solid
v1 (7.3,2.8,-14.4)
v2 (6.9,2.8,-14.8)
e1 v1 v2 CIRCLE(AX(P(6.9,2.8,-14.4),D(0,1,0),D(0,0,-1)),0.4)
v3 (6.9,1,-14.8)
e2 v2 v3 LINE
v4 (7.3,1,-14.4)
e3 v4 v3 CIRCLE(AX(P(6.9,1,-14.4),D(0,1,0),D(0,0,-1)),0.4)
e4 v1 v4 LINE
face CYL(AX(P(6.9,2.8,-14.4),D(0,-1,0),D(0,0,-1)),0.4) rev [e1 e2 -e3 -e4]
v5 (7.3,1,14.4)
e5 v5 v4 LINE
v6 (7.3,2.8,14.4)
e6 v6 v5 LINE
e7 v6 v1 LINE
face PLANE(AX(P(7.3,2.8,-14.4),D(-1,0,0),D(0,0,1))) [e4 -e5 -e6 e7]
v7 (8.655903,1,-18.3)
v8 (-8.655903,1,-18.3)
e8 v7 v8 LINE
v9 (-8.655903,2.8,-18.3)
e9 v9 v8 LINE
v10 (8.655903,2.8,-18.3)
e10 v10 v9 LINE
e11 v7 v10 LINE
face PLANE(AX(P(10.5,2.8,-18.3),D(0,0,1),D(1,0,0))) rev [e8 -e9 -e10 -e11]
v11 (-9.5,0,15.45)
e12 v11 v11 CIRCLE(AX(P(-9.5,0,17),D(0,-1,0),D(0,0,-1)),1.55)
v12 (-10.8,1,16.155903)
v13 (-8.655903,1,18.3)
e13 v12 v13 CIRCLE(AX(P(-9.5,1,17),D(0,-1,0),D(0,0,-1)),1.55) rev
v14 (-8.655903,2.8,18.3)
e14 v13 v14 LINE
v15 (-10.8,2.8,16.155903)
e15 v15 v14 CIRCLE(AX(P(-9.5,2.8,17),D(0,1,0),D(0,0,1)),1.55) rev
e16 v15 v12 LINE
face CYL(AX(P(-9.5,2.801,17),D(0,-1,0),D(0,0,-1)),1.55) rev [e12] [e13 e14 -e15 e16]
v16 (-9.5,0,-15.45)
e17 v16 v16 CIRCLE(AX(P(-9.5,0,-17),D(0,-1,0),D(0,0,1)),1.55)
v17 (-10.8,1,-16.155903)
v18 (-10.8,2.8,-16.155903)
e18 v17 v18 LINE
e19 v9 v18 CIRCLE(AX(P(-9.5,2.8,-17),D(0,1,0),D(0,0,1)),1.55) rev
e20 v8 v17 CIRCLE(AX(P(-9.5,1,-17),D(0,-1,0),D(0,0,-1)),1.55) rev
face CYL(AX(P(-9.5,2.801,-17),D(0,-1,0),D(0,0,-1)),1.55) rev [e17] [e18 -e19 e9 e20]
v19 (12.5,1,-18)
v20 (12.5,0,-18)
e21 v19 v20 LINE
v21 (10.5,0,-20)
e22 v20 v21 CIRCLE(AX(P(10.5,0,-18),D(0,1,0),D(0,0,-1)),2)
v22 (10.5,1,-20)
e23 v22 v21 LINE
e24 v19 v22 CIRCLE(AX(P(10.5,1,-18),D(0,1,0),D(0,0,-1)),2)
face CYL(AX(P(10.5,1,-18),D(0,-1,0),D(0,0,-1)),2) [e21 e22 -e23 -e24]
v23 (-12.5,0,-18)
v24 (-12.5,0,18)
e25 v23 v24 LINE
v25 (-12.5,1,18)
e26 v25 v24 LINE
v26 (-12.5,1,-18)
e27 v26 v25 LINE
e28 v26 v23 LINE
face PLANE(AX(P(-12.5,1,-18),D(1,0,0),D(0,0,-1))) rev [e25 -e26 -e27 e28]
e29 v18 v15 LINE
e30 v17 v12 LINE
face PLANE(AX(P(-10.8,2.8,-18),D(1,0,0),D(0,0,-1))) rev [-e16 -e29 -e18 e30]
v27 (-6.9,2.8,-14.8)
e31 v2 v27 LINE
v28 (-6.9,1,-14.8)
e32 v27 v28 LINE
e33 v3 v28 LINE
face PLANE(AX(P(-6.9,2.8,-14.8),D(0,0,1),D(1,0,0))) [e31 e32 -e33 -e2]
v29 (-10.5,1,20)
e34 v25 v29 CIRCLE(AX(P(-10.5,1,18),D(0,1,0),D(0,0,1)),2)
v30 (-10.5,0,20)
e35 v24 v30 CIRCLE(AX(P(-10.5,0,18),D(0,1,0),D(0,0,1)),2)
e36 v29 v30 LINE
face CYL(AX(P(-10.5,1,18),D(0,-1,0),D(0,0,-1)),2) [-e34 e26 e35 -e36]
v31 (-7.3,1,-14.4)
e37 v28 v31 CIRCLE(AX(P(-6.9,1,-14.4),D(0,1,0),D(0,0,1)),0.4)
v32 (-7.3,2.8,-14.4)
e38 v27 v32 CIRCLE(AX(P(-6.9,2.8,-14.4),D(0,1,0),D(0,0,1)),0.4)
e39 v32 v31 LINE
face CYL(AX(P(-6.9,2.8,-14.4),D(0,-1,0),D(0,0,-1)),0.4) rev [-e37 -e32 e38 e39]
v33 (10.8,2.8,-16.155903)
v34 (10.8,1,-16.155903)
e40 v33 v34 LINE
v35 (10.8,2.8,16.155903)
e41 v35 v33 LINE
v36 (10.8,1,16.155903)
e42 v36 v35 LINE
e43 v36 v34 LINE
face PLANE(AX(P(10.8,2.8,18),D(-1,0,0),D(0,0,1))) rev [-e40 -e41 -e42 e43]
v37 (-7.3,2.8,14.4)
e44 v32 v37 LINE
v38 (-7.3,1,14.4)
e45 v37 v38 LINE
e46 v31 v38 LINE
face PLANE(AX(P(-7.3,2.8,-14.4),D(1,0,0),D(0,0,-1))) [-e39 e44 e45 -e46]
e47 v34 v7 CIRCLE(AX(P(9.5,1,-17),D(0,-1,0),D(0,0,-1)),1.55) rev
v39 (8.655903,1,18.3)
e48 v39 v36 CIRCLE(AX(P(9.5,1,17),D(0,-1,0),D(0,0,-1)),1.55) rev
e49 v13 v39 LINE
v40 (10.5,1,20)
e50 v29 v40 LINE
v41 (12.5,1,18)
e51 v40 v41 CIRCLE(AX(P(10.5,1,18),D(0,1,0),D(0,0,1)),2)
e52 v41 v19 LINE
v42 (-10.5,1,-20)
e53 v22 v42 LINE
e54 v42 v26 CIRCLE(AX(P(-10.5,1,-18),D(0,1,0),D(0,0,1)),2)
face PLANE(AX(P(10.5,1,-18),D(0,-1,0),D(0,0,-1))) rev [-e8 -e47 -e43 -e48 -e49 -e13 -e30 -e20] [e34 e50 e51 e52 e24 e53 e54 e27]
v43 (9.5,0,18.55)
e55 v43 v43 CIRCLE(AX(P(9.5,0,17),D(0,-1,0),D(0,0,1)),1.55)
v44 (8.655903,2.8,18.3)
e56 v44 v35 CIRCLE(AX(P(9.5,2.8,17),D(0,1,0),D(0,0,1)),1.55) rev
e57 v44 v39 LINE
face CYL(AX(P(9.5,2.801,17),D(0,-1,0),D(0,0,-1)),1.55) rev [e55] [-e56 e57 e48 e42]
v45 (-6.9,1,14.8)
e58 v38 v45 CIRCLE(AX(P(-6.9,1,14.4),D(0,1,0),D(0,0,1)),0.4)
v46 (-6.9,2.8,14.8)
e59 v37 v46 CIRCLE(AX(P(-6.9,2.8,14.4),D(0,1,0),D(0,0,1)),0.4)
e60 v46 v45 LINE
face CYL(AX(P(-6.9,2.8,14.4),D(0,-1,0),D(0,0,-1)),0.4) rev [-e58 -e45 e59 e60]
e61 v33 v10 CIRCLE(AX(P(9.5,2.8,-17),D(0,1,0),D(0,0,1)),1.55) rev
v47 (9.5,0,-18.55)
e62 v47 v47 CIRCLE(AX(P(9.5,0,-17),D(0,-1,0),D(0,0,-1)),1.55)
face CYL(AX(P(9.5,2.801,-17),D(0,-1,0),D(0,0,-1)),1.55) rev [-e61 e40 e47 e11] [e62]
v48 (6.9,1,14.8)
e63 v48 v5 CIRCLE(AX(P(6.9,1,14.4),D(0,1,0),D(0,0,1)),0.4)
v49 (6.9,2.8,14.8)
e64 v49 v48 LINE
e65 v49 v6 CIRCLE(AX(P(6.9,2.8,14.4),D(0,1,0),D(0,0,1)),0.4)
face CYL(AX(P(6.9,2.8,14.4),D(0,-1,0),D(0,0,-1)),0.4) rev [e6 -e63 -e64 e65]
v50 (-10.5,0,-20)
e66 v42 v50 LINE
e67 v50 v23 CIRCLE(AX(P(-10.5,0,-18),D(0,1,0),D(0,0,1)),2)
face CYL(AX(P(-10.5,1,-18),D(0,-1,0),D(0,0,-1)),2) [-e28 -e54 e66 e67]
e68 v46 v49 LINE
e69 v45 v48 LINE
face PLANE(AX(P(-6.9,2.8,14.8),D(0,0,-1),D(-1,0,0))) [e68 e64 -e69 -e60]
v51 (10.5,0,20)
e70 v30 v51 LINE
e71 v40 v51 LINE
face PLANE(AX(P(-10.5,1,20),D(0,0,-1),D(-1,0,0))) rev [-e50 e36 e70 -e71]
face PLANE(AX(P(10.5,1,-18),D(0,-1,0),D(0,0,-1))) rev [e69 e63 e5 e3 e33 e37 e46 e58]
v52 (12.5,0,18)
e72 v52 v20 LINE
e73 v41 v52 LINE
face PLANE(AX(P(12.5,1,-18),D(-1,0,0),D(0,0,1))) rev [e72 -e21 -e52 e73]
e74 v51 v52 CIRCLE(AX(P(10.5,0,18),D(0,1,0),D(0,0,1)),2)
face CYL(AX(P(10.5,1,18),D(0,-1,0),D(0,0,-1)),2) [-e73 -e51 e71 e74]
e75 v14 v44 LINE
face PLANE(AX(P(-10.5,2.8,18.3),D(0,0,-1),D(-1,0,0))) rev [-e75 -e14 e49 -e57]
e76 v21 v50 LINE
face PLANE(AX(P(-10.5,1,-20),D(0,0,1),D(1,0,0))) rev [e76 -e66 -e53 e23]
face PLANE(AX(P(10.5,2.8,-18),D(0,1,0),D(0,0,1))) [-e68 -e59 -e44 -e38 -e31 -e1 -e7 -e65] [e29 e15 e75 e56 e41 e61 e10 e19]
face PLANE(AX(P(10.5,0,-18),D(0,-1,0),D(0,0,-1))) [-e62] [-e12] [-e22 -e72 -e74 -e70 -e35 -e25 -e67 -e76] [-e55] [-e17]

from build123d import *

# Parameters (mm, degrees)
BASE_DEPTH        = 1
INT_RIEUR_DEPTH   = 1.8
PASSAGE_VIS_REACH = 25.751
ESQUISSE4_R       = 1.55
ESQUISSE5_W       = 27.6
ESQUISSE5_H       = 42.6
CLEANING_DEPTH    = 1.8


with BuildPart() as part:
    # Esquisse1 → Base (new body)
    with BuildSketch(Plane(origin=(0, 0, 0), x_dir=(1, 0, 0), z_dir=(0, 1, 0))):
        with BuildLine():
            Line((-10.5, 20), (10.5, 20))
            ThreePointArc((10.5, 20), (11.914213562, 19.414213562), (12.5, 18))
            Line((12.5, 18), (12.5, -18))
            ThreePointArc((12.5, -18), (11.914213562, -19.414213562), (10.5, -20))
            Line((10.5, -20), (-10.5, -20))
            ThreePointArc((-10.5, -20), (-11.914213562, -19.414213562), (-12.5, -18))
            Line((-12.5, -18), (-12.5, 18))
            ThreePointArc((-12.5, 18), (-11.914213562, 19.414213562), (-10.5, 20))
        make_face()
    extrude(amount=BASE_DEPTH)

    # Esquisse2 → Intérieur (add)
    with BuildSketch(Plane(origin=(0, 1, 0), x_dir=(1, 0, 0), z_dir=(0, 1, 0))):
        with BuildLine():
            Line((10.5, 18.3), (-10.5, 18.3))
            ThreePointArc((-10.5, 18.3), (-10.712132034, 18.212132034), (-10.8, 18))
            Line((-10.8, 18), (-10.8, -18))
            ThreePointArc((-10.8, -18), (-10.712132034, -18.212132034), (-10.5, -18.3))
            Line((-10.5, -18.3), (10.5, -18.3))
            ThreePointArc((10.5, -18.3), (10.712132034, -18.212132034), (10.8, -18))
            Line((10.8, -18), (10.8, 18))
            ThreePointArc((10.8, 18), (10.712132034, 18.212132034), (10.5, 18.3))
        make_face()
        with BuildLine():
            Line((-6.9, 14.8), (6.9, 14.8))
            ThreePointArc((6.9, 14.8), (7.182842712, 14.682842712), (7.3, 14.4))
            Line((7.3, 14.4), (7.3, -14.4))
            ThreePointArc((7.3, -14.4), (7.182842712, -14.682842712), (6.9, -14.8))
            Line((6.9, -14.8), (-6.9, -14.8))
            ThreePointArc((-6.9, -14.8), (-7.182842712, -14.682842712), (-7.3, -14.4))
            Line((-7.3, -14.4), (-7.3, 14.4))
            ThreePointArc((-7.3, 14.4), (-7.182842712, 14.682842712), (-6.9, 14.8))
        make_face(mode=Mode.SUBTRACT)
    extrude(amount=INT_RIEUR_DEPTH)

    # Esquisse4 → Passage_Vis (cut, up to next)
    with BuildSketch(Plane.XZ, mode=Mode.PRIVATE) as passage_vis_sk1:
        with Locations(Location((-9.5, 17, 0), (0, 0, 270))):
            Circle(ESQUISSE4_R)
    passage_vis_tool1 = extrude(passage_vis_sk1.sketch, amount=-PASSAGE_VIS_REACH, mode=Mode.PRIVATE) & part.part
    # Esquisse4 → Passage_Vis (cut, up to next)
    with BuildSketch(Plane.XZ, mode=Mode.PRIVATE) as passage_vis_sk2:
        with Locations(Location((9.5, 17, 0), (0, 0, 327.004114526))):
            Circle(ESQUISSE4_R)
    passage_vis_tool2 = extrude(passage_vis_sk2.sketch, amount=-PASSAGE_VIS_REACH, mode=Mode.PRIVATE) & part.part
    # Esquisse4 → Passage_Vis (cut, up to next)
    with BuildSketch(Plane.XZ, mode=Mode.PRIVATE) as passage_vis_sk3:
        with Locations(Location((9.5, -17, 0), (0, 0, 270))):
            Circle(ESQUISSE4_R)
    passage_vis_tool3 = extrude(passage_vis_sk3.sketch, amount=-PASSAGE_VIS_REACH, mode=Mode.PRIVATE) & part.part
    # Esquisse4 → Passage_Vis (cut, up to next)
    with BuildSketch(Plane.XZ, mode=Mode.PRIVATE) as passage_vis_sk4:
        with Locations(Location((-9.5, -17, 0), (0, 0, 237.004114526))):
            Circle(ESQUISSE4_R)
    passage_vis_tool4 = extrude(passage_vis_sk4.sketch, amount=-PASSAGE_VIS_REACH, mode=Mode.PRIVATE) & part.part
    add(passage_vis_tool1.solids().sort_by_distance((-9.5, 0, 17))[0], mode=Mode.SUBTRACT)
    add(passage_vis_tool2.solids().sort_by_distance((9.5, 0, 17))[0], mode=Mode.SUBTRACT)
    add(passage_vis_tool3.solids().sort_by_distance((9.5, 0, -17))[0], mode=Mode.SUBTRACT)
    add(passage_vis_tool4.solids().sort_by_distance((-9.5, 0, -17))[0], mode=Mode.SUBTRACT)

    # Esquisse5 → Cleaning (cut)
    with BuildSketch(Plane(origin=(0, 2.8, 0), x_dir=(1, 0, 0), z_dir=(0, 1, 0))):
        Rectangle(ESQUISSE5_W, ESQUISSE5_H)
        with BuildLine():
            Line((-9.2, 18.3), (9.2, 18.3))
            ThreePointArc((9.2, 18.3), (10.33137085, 17.83137085), (10.8, 16.7))
            Line((10.8, 16.7), (10.8, -16.7))
            ThreePointArc((10.8, -16.7), (10.33137085, -17.83137085), (9.2, -18.3))
            Line((9.2, -18.3), (-9.2, -18.3))
            ThreePointArc((-9.2, -18.3), (-10.33137085, -17.83137085), (-10.8, -16.7))
            Line((-10.8, -16.7), (-10.8, 16.7))
            ThreePointArc((-10.8, 16.7), (-10.33137085, 17.83137085), (-9.2, 18.3))
        make_face(mode=Mode.SUBTRACT)
    extrude(amount=-CLEANING_DEPTH, mode=Mode.SUBTRACT)


solid = part.part
